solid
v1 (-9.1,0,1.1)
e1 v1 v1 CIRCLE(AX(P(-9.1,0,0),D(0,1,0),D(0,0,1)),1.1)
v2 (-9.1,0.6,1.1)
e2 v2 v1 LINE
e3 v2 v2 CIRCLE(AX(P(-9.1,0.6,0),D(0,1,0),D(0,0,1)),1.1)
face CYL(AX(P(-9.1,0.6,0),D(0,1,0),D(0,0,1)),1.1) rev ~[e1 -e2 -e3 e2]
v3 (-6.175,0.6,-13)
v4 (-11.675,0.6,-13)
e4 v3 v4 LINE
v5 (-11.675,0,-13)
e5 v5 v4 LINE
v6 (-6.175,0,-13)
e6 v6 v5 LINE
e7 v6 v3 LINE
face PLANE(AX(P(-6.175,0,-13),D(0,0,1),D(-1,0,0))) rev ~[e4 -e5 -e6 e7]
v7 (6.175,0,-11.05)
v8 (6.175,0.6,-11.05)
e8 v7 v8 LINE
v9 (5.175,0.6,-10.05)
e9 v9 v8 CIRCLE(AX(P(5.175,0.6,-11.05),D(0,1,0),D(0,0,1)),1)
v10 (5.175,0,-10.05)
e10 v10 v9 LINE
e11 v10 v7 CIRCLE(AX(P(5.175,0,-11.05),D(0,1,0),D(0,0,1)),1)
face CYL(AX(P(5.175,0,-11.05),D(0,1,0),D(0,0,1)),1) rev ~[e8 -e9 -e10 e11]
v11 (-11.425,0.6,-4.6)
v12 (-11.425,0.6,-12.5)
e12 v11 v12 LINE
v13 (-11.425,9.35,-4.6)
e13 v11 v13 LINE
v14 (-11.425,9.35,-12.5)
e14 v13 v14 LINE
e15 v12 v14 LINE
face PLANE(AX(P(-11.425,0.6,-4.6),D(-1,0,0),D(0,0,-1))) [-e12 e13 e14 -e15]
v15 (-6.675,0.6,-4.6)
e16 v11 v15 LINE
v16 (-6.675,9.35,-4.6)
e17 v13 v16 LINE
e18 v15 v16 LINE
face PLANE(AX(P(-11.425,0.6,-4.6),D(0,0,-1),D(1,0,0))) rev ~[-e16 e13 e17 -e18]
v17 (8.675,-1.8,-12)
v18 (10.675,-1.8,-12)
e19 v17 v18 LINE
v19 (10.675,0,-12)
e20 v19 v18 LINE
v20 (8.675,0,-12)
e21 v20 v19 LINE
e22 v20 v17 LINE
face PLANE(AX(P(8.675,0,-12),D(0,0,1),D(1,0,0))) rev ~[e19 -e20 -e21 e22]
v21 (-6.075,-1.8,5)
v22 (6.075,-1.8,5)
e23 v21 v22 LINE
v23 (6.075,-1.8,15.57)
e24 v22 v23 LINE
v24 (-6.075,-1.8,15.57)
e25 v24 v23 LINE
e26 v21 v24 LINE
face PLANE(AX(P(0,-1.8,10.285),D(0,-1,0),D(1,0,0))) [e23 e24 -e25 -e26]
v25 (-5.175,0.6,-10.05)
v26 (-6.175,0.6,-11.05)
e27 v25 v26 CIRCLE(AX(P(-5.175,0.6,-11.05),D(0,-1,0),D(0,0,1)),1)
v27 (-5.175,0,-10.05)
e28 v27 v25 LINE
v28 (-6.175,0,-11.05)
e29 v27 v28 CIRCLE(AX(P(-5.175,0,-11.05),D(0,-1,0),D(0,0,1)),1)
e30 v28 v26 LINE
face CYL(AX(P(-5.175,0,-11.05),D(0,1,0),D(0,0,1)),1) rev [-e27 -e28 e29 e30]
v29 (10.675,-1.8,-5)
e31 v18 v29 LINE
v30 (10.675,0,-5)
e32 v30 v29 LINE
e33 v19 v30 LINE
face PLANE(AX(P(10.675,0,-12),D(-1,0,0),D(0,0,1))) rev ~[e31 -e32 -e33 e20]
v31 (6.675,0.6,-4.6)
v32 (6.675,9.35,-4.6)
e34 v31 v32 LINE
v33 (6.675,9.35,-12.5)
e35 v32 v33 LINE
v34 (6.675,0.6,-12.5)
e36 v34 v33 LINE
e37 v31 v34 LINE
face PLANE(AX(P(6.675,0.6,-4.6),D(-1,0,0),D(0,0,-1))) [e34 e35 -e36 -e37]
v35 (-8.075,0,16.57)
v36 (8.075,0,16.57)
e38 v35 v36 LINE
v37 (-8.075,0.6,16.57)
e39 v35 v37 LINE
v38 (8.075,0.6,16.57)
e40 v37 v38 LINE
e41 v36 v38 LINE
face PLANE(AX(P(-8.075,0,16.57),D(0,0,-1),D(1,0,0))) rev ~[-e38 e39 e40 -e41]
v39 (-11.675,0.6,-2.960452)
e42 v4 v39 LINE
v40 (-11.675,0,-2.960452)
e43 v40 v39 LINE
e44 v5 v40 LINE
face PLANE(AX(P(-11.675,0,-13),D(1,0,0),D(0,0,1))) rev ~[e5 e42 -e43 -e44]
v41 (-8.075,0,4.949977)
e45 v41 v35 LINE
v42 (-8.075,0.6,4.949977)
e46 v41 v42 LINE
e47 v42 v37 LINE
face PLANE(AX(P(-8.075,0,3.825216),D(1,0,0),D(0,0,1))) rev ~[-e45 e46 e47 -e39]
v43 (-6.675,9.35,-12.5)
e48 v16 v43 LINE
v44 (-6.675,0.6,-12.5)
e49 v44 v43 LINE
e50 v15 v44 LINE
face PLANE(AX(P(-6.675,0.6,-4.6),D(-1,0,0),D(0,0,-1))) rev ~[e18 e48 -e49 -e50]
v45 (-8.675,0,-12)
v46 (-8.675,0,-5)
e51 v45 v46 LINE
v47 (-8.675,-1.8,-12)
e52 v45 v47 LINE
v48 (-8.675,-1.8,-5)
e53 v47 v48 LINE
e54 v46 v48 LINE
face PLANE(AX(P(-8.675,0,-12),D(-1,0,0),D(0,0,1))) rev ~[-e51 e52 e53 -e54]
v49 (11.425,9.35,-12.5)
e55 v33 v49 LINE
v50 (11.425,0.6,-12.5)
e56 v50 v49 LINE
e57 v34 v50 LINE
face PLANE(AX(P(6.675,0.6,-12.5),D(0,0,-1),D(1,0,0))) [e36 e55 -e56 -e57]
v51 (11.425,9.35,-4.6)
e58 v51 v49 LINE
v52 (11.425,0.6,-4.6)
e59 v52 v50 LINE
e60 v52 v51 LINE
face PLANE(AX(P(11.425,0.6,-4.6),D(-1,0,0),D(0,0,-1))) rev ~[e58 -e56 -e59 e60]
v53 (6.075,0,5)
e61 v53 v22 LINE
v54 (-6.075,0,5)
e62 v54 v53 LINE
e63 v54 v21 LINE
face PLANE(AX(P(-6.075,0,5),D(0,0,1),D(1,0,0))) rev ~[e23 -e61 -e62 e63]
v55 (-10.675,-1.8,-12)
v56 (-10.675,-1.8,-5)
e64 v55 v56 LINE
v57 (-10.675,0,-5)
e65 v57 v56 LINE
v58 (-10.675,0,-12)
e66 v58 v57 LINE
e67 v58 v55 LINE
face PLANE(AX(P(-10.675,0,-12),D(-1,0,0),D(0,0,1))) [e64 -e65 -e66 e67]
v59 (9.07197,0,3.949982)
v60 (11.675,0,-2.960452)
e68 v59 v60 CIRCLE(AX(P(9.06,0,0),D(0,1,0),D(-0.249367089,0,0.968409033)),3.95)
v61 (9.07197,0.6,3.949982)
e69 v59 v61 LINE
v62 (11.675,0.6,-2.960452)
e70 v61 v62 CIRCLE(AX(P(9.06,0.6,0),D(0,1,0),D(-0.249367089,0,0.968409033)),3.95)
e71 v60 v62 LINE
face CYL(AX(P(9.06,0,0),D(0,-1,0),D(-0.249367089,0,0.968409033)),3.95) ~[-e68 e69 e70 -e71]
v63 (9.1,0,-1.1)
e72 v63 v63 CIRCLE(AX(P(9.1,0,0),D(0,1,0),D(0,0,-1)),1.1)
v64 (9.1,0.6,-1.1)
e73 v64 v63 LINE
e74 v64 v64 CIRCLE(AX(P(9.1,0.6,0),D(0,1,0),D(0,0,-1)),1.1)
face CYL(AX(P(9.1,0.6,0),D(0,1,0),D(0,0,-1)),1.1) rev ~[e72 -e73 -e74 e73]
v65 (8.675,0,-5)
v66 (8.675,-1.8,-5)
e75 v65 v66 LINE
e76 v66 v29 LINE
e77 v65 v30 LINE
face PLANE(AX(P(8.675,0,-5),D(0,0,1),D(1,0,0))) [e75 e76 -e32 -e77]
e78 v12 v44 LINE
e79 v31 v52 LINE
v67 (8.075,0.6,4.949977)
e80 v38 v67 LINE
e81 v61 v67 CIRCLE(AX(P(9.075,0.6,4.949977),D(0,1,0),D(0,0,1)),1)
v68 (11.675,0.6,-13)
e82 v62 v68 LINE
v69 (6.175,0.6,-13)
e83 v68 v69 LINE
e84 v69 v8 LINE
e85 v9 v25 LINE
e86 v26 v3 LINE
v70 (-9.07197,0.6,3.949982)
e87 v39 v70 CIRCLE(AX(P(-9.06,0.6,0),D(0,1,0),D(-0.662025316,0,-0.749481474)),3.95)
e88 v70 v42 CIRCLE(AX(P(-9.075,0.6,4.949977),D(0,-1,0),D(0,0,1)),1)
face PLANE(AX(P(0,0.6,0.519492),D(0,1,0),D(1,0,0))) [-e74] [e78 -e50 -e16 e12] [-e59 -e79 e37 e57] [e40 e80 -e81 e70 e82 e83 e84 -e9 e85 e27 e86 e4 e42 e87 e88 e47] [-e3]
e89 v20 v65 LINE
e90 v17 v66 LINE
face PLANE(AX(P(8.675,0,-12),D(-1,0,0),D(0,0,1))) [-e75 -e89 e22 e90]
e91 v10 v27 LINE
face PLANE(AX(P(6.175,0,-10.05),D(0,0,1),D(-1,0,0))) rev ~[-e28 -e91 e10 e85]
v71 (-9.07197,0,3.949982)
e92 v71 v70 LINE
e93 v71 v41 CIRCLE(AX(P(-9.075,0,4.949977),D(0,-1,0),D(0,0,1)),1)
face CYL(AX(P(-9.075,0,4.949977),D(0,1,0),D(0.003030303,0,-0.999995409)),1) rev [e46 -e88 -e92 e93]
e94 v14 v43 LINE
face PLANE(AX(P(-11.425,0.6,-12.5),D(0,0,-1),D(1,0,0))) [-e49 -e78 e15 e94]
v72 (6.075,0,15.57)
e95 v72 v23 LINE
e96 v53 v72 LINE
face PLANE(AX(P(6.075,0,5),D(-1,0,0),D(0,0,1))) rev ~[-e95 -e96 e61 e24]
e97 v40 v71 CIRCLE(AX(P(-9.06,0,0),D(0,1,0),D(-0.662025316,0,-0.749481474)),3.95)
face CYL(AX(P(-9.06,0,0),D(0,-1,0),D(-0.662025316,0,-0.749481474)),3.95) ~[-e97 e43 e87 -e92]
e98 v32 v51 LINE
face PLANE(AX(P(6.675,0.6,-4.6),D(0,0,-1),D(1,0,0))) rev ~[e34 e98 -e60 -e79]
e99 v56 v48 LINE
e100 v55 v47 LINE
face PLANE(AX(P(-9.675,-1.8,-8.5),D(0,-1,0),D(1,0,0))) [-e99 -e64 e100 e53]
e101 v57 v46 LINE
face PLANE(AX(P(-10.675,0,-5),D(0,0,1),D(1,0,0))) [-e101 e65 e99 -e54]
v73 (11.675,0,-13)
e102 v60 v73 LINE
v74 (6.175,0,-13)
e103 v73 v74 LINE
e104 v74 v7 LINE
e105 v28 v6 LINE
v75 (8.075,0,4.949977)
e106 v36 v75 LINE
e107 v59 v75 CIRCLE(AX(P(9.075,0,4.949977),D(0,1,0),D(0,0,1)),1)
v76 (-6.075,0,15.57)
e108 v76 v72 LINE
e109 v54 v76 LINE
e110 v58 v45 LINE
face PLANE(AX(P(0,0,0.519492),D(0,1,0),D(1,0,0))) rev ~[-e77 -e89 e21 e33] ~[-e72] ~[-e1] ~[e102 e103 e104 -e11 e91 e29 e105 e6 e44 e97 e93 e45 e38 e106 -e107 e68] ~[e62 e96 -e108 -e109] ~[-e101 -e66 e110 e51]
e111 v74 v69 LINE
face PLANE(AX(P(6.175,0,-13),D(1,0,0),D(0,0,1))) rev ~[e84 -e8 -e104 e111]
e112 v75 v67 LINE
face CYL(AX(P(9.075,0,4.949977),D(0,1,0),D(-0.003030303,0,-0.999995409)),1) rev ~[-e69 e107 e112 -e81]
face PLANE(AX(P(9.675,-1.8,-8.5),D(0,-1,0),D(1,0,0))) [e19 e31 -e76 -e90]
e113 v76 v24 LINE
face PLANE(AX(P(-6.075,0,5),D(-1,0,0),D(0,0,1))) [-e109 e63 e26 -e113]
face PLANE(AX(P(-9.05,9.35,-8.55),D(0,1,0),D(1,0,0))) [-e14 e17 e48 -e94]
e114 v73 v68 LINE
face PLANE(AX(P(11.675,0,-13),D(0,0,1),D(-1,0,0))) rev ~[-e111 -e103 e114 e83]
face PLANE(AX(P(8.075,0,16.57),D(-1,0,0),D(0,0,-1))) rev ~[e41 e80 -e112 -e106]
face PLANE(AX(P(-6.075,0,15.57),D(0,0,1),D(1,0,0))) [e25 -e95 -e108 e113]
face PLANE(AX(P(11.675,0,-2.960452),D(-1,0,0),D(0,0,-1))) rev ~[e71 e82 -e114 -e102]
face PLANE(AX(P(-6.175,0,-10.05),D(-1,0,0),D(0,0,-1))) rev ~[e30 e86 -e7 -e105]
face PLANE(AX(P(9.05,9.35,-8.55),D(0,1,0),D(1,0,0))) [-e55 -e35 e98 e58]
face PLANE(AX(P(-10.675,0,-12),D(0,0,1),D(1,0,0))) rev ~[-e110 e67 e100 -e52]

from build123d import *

# Parameters (mm, degrees)
BOSS_EXTRUDE1_DEPTH = 0.6
SKETCH2_R           = 1.1
CUT_EXTRUDE1_DEPTH  = 22.075696904
SKETCH3_W           = 12.15
SKETCH3_H           = 10.57
SKETCH3_W_2         = 2
SKETCH3_H_2         = 7
BOSS_EXTRUDE2_DEPTH = 1.8
SKETCH4_W           = 4.75
SKETCH4_H           = 7.9
BOSS_EXTRUDE3_DEPTH = 8.75
FILLET1_R           = 1


with BuildPart() as part:
    # Sketch1 → Boss-Extrude1 (new body)
    with BuildSketch(Plane(origin=(0, 0, 0), x_dir=(1, 0, 0), z_dir=(0, 1, 0))):
        with BuildLine():
            Line((6.175, 10.05), (-6.175, 10.05))
            Line((-6.175, 10.05), (-6.175, 13))
            Line((-6.175, 13), (-11.675, 13))
            Line((-11.675, 13), (-11.675, 2.960451824))
            ThreePointArc((-11.675, 2.960451824), (-12.549347485, -1.851203428), (-8.075, -3.82521568))
            Line((-8.075, -3.82521568), (-8.075, -16.57))
            Line((-8.075, -16.57), (8.075, -16.57))
            Line((8.075, -16.57), (8.075, -3.82521568))
            ThreePointArc((8.075, -3.82521568), (12.549347485, -1.851203428), (11.675, 2.960451824))
            Line((11.675, 2.960451824), (11.675, 13))
            Line((11.675, 13), (6.175, 13))
            Line((6.175, 13), (6.175, 10.05))
        make_face()
    extrude(amount=BOSS_EXTRUDE1_DEPTH)

    # Sketch2 → Cut-Extrude1 (cut, through all)
    with BuildSketch(Plane(origin=(0, 0.6, 0), x_dir=(1, 0, 0), z_dir=(0, 1, 0))):
        with Locations(Location((-9.1, 0, 0), (0, 0, 270))):
            Circle(SKETCH2_R)
        with Locations(Location((9.1, 0, 0), (0, 0, 90))):
            Circle(SKETCH2_R)
    extrude(amount=-CUT_EXTRUDE1_DEPTH, mode=Mode.SUBTRACT)

    # Sketch3 → Boss-Extrude2 (add)
    with BuildSketch(Plane.XZ):
        with Locations((0, 10.285)):
            Rectangle(SKETCH3_W, SKETCH3_H)
        with Locations((-9.675, -8.5)):
            Rectangle(SKETCH3_W_2, SKETCH3_H_2)
        with Locations((9.675, -8.5)):
            Rectangle(SKETCH3_W_2, SKETCH3_H_2)
    extrude(amount=BOSS_EXTRUDE2_DEPTH)

    # Sketch4 → Boss-Extrude3 (add)
    with BuildSketch(Plane(origin=(0, 0.6, 0), x_dir=(1, 0, 0), z_dir=(0, 1, 0))):
        with Locations((-9.05, 8.55)):
            Rectangle(SKETCH4_W, SKETCH4_H)
        with Locations((9.05, 8.55)):
            Rectangle(SKETCH4_W, SKETCH4_H)
    extrude(amount=BOSS_EXTRUDE3_DEPTH)

    # Fillet1
    fillet1_edges = [part.edges().sort_by_distance(p)[0] for p in [
        (-6.175, 0.3, -10.05),
        (6.175, 0.3, -10.05),
        (8.075, 0.3, 3.82521568),
        (-8.075, 0.3, 3.82521568),
    ]]
    fillet(fillet1_edges, radius=FILLET1_R)


solid = part.part
